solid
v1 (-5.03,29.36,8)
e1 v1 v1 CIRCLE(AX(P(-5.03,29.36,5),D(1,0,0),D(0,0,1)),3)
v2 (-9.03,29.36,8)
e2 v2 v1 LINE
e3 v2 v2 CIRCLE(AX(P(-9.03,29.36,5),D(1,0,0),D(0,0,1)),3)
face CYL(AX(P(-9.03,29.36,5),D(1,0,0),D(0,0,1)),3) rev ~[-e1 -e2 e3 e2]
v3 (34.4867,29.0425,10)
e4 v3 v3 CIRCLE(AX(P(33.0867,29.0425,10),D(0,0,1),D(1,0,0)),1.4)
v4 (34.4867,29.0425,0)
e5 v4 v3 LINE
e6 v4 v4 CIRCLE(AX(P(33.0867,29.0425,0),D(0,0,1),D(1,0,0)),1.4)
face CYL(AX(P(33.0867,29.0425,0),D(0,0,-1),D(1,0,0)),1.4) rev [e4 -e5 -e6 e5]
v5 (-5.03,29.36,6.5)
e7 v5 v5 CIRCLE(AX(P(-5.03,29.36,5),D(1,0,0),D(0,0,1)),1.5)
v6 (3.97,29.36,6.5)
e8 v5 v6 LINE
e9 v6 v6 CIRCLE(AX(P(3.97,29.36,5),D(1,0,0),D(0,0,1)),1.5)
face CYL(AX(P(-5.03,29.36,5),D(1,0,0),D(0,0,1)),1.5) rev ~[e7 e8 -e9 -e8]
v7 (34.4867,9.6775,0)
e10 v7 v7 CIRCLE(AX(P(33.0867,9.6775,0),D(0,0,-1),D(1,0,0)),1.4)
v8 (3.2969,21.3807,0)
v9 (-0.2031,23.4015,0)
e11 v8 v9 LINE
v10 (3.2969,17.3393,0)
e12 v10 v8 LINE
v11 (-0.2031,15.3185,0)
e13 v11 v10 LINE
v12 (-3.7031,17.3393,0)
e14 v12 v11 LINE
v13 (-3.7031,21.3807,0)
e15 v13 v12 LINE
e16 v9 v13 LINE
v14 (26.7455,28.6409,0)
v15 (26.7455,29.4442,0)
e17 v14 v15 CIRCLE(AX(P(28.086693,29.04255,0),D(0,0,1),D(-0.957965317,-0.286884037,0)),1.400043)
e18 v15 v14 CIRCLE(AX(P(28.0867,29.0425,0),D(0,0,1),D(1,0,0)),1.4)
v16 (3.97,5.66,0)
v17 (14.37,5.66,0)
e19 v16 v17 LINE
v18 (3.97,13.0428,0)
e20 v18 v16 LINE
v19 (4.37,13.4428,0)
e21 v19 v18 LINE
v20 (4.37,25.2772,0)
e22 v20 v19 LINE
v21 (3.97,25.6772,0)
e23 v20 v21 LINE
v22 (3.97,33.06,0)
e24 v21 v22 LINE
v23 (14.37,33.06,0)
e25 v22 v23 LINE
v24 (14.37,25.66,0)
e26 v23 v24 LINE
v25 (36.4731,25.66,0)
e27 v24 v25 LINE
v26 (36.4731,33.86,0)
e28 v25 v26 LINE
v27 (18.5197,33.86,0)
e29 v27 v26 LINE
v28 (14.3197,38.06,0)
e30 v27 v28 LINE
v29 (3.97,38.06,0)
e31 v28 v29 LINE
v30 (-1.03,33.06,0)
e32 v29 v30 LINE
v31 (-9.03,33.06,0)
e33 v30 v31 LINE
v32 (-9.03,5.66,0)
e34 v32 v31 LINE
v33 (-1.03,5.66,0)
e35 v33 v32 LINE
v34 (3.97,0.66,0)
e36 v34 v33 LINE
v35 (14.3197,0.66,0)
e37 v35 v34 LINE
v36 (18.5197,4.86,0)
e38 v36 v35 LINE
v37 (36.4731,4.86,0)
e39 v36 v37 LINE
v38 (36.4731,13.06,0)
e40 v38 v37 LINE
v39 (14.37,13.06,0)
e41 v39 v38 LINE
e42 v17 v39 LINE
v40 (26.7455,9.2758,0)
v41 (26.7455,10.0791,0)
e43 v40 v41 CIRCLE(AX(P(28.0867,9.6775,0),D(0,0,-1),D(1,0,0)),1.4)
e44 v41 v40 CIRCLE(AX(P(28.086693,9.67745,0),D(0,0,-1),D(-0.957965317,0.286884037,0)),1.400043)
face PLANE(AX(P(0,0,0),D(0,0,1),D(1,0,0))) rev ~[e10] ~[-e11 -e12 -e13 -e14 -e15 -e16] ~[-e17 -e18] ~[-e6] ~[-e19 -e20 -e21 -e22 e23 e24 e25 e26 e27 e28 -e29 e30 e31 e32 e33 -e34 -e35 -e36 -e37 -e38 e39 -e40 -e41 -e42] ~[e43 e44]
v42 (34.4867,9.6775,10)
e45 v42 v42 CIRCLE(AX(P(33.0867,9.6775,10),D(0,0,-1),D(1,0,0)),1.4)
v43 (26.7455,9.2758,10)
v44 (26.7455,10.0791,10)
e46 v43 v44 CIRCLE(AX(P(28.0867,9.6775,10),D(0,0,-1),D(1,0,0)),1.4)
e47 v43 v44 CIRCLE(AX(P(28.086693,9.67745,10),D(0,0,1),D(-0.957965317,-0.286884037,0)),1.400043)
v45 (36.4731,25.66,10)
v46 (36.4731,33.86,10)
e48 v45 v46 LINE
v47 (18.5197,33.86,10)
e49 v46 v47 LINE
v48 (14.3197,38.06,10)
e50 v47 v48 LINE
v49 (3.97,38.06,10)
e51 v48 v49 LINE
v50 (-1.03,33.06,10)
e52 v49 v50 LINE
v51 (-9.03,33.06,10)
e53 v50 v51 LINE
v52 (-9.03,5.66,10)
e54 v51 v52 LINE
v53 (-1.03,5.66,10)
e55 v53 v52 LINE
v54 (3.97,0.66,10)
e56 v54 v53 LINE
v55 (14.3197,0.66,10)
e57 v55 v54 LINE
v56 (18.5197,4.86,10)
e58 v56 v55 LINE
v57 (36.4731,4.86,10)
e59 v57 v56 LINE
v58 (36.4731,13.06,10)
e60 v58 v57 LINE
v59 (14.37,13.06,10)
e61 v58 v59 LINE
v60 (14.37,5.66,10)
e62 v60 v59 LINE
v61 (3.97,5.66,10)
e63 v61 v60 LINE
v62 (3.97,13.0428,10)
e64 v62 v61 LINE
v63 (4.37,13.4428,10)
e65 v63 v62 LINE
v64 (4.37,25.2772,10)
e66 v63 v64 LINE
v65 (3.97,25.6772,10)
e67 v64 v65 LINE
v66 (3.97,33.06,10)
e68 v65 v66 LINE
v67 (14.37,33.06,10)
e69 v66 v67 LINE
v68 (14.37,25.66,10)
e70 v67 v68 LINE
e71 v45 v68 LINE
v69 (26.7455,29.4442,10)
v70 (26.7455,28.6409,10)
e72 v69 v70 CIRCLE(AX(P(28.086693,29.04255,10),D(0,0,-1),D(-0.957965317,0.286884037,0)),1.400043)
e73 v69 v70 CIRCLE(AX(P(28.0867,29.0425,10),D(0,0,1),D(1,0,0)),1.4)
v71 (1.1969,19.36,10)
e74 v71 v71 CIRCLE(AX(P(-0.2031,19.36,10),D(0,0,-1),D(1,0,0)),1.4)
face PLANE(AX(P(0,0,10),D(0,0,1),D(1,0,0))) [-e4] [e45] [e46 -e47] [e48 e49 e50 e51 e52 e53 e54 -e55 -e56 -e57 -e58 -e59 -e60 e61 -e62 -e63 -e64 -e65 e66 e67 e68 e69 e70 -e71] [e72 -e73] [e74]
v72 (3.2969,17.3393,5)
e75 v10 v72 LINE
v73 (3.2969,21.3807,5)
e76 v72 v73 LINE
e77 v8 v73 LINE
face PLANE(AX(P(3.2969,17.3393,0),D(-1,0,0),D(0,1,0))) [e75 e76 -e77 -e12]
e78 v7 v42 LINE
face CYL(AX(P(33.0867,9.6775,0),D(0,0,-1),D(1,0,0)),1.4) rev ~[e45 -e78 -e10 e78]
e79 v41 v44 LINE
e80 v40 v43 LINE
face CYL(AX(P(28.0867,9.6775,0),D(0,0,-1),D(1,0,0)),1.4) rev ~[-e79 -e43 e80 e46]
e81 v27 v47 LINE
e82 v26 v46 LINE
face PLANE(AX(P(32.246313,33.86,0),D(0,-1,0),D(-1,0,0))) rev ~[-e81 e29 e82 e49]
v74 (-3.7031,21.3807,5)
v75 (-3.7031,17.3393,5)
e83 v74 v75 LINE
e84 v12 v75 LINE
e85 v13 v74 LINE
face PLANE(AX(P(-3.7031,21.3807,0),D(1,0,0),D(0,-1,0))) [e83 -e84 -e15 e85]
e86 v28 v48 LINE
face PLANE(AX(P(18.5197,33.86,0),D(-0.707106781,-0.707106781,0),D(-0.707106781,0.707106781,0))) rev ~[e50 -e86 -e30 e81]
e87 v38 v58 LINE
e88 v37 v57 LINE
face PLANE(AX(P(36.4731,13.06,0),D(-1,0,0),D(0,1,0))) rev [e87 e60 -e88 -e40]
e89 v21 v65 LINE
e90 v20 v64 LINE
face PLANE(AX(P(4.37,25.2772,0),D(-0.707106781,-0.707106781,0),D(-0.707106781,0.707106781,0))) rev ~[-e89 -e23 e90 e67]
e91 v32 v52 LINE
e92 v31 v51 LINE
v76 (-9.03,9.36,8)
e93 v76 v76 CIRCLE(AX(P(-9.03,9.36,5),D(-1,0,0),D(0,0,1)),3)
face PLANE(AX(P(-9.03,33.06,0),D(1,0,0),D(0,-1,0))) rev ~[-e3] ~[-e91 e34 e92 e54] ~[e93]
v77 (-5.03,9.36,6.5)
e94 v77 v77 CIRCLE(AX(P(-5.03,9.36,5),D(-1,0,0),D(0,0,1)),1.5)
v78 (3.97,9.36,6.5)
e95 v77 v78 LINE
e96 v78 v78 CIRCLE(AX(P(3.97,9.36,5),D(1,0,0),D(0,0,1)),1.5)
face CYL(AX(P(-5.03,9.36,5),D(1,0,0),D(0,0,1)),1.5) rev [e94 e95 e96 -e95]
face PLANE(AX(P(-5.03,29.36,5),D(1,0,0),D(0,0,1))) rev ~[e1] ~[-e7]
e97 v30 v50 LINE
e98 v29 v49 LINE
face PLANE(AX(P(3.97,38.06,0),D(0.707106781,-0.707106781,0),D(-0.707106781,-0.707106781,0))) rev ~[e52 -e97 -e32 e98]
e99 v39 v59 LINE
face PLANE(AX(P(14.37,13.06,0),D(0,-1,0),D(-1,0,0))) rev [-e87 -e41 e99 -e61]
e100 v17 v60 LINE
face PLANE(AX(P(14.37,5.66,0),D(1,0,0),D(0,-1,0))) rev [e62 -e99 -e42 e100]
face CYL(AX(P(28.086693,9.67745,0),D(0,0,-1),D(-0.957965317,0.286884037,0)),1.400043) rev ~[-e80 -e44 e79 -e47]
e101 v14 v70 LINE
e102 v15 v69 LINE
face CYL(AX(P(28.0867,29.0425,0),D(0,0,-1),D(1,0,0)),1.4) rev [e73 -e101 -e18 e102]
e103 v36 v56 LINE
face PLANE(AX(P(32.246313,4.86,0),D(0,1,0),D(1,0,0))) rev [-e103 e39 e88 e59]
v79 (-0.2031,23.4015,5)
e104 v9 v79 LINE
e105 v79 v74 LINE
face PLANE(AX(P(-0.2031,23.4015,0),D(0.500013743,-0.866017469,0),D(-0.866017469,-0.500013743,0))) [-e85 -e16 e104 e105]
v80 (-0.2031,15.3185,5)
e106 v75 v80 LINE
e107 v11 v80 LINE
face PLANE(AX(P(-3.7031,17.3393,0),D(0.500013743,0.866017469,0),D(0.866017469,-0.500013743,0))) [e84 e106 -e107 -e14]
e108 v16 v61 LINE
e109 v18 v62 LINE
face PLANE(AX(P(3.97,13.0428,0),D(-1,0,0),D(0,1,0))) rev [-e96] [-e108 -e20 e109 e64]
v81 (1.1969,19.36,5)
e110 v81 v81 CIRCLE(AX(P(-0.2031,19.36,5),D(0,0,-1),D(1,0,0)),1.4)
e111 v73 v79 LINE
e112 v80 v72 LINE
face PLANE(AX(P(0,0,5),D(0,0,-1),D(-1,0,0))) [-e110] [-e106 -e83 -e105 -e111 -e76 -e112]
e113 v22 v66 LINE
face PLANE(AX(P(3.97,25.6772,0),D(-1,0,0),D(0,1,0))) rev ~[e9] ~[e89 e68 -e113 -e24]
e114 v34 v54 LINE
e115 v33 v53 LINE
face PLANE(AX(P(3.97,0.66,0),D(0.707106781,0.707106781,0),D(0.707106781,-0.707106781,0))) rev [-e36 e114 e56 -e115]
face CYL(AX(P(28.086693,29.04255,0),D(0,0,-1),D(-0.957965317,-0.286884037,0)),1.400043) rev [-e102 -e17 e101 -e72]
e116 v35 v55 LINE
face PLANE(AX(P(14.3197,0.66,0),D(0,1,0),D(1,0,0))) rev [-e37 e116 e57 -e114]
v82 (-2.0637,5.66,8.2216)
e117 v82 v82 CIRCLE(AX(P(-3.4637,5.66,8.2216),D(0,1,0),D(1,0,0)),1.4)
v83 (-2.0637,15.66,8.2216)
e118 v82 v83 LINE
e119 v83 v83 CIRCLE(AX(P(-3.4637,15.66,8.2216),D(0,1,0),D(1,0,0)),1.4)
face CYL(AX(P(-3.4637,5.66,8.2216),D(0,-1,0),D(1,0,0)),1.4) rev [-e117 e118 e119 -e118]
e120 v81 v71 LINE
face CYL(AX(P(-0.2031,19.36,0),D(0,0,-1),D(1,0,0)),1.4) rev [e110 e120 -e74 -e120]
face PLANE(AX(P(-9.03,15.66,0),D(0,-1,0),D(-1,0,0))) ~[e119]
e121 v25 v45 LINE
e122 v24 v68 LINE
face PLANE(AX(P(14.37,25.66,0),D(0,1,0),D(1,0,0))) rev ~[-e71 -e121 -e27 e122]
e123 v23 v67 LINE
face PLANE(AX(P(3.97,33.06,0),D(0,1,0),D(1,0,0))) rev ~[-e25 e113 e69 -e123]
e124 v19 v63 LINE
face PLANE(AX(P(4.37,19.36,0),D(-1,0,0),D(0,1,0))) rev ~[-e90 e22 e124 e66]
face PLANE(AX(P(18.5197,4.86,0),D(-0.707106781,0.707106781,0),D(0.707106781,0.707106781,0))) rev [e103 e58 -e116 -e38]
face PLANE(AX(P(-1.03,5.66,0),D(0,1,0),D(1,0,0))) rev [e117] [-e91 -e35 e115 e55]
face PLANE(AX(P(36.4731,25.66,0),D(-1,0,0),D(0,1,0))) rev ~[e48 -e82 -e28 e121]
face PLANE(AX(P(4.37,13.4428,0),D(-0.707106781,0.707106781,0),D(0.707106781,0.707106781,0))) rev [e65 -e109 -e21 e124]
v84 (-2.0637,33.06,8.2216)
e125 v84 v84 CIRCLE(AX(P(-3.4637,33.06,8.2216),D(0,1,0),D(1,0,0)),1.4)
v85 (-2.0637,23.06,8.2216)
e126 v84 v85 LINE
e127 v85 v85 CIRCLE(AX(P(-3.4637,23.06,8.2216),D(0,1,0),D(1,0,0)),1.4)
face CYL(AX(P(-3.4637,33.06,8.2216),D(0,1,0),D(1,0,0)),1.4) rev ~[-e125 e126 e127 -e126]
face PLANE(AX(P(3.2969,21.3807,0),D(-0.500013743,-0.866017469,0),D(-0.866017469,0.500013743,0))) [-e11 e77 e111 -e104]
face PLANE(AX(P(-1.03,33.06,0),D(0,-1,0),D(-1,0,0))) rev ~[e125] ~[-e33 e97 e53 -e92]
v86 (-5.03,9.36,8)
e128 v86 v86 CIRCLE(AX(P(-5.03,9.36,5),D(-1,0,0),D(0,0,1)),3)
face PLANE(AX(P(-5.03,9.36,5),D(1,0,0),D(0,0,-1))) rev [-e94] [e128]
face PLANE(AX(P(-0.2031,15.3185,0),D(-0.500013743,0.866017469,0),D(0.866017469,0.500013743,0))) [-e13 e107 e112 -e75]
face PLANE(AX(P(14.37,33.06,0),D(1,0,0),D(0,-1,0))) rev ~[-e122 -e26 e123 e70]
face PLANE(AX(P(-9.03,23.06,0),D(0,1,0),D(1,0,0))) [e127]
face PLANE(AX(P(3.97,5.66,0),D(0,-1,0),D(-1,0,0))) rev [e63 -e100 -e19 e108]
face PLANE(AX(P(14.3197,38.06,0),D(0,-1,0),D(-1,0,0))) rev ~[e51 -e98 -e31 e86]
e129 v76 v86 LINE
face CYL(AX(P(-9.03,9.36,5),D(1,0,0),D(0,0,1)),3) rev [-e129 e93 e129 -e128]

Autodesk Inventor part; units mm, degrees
ref_plane "YZ Plane" through (0, 0, 0) normal (1, 0, 0) x (0, 1, 0)
ref_plane "XZ Plane" through (0, 0, 0) normal (0, 1, 0) x (-1, 0, 0)
ref_plane "XY Plane" through (0, 0, 0) normal (0, 0, 1) x (1, 0, 0)
ref_plane "Arbeitsebene1" through (0, 0, 0) normal (0, 0, 1) x (1, 0, 0)
sketch "Skizze1" plane through (0, 0, 0) normal (0, 0, 1) x (1, 0, 0)
  arc A0 (12.7966, 13.5152) -> (12.2972, 14.0928) centre (11.6862, 13.06) ccw construction
  arc A1 (12.1755, 14.2862) -> (12.2972, 14.0928) centre (12.4245, 14.308) ccw construction
  line L0 (12.1755, 14.2862) -> (12.1453, 14.6318) construction
  arc A2 (12.1453, 14.6318) -> (11.8962, 14.86) centre (11.8962, 14.61) ccw construction
  line L1 (11.8962, 14.86) -> (11.4438, 14.86) construction
  arc A3 (11.4438, 14.86) -> (11.1947, 14.6318) centre (11.4438, 14.61) ccw construction
  line L2 (11.1947, 14.6318) -> (11.1627, 14.2652) construction
  arc A4 (11.0468, 14.0755) -> (11.1627, 14.2652) centre (10.9136, 14.287) ccw construction
  arc A5 (11.0468, 14.0755) -> (10.5759, 13.5152) centre (11.6862, 13.06) ccw construction
  arc A6 (10.3446, 13.36) -> (10.5759, 13.5152) centre (10.3446, 13.61) ccw construction
  line L3 (10.3446, 13.36) -> (9.67, 13.36) construction
  line L4 (9.67, 13.36) -> (9.17, 13.86) construction
  line L5 (9.17, 13.86) -> (9.17, 24.86) construction
  line L6 (9.17, 24.86) -> (9.67, 25.36) construction
  line L7 (9.67, 25.36) -> (10.3446, 25.36) construction
  arc A7 (10.5759, 25.2048) -> (10.3446, 25.36) centre (10.3446, 25.11) ccw construction
  arc A8 (10.5759, 25.2048) -> (11.0468, 24.6445) centre (11.6862, 25.66) ccw construction
  arc A9 (11.1627, 24.4548) -> (11.0468, 24.6445) centre (10.9136, 24.433) ccw construction
  line L8 (11.1627, 24.4548) -> (11.1947, 24.0882) construction
  arc A10 (11.1947, 24.0882) -> (11.4438, 23.86) centre (11.4438, 24.11) ccw construction
  line L9 (11.4438, 23.86) -> (11.8962, 23.86) construction
  arc A11 (11.8962, 23.86) -> (12.1453, 24.0882) centre (11.8962, 24.11) ccw construction
  line L10 (12.1453, 24.0882) -> (12.1755, 24.4338) construction
  arc A12 (12.2972, 24.6272) -> (12.1755, 24.4338) centre (12.4245, 24.412) ccw construction
  arc A13 (12.2972, 24.6272) -> (12.7966, 25.2048) centre (11.6862, 25.66) ccw construction
  arc A14 (13.0279, 25.36) -> (12.7966, 25.2048) centre (13.0279, 25.11) ccw construction
  line L11 (13.0279, 25.36) -> (14.17, 25.36) construction
  line L12 (14.17, 25.36) -> (14.17, 32.26) construction
  line L13 (14.17, 32.26) -> (13.57, 32.86) construction
  line L14 (13.57, 32.86) -> (10.17, 32.86) construction
  arc A15 (9.37, 32.86) -> (10.17, 32.86) centre (9.77, 33.16) ccw construction
  line L15 (9.37, 32.86) -> (4.77, 32.86) construction
  line L16 (4.77, 32.86) -> (4.17, 32.26) construction
  line L17 (4.17, 32.26) -> (4.17, 25.76) construction
  line L18 (4.17, 25.76) -> (4.57, 25.36) construction
  line L19 (4.57, 25.36) -> (4.57, 13.36) construction
  line L20 (4.57, 13.36) -> (4.17, 12.96) construction
  line L21 (4.17, 12.96) -> (4.17, 6.46) construction
  line L22 (4.17, 6.46) -> (4.77, 5.86) construction
  line L23 (4.77, 5.86) -> (13.57, 5.86) construction
  line L24 (13.57, 5.86) -> (14.17, 6.46) construction
  line L25 (14.17, 6.46) -> (14.17, 13.36) construction
  line L26 (14.17, 13.36) -> (13.0279, 13.36) construction
  arc A16 (12.7966, 13.5152) -> (13.0279, 13.36) centre (13.0279, 13.61) ccw construction
  line L27 (13.6528, 5.66) -> (4.6872, 5.66) construction
  line L28 (4.6872, 5.66) -> (3.97, 6.3772) construction
  line L29 (3.97, 6.3772) -> (3.97, 13.0428) construction
  line L30 (3.97, 13.0428) -> (4.37, 13.4428) construction
  line L31 (4.37, 13.4428) -> (4.37, 25.2772) construction
  line L32 (4.37, 25.2772) -> (3.97, 25.6772) construction
  line L33 (3.97, 25.6772) -> (3.97, 32.3428) construction
  line L34 (3.97, 32.3428) -> (4.6872, 33.06) construction
  line L35 (4.6872, 33.06) -> (9.4872, 33.06) construction
  arc A17 (9.4872, 33.06) -> (10.0528, 33.06) centre (9.77, 33.16) ccw construction
  line L36 (10.0528, 33.06) -> (13.6528, 33.06) construction
  line L37 (13.6528, 33.06) -> (14.37, 32.3428) construction
  line L38 (14.37, 32.3428) -> (14.37, 25.16) construction
  line L39 (14.37, 25.16) -> (13.0279, 25.16) construction
  arc A18 (13.0279, 25.16) -> (12.9816, 25.129) centre (13.0279, 25.11) ccw construction
  arc A19 (12.3991, 24.4551) -> (12.9816, 25.129) centre (11.6862, 25.66) ccw construction
  arc A20 (12.3991, 24.4551) -> (12.3747, 24.4164) centre (12.4245, 24.412) ccw construction
  line L40 (12.3747, 24.4164) -> (12.3445, 24.0708) construction
  arc A21 (11.8962, 23.66) -> (12.3445, 24.0708) centre (11.8962, 24.11) ccw construction
  line L41 (11.8962, 23.66) -> (11.4438, 23.66) construction
  arc A22 (10.9955, 24.0708) -> (11.4438, 23.66) centre (11.4438, 24.11) ccw construction
  line L42 (10.9955, 24.0708) -> (10.9634, 24.4373) construction
  arc A23 (10.9634, 24.4373) -> (10.9403, 24.4753) centre (10.9136, 24.433) ccw construction
  arc A24 (10.3909, 25.129) -> (10.9403, 24.4753) centre (11.6862, 25.66) ccw construction
  arc A25 (10.3909, 25.129) -> (10.3446, 25.16) centre (10.3446, 25.11) ccw construction
  line L43 (10.3446, 25.16) -> (9.7528, 25.16) construction
  line L44 (9.7528, 25.16) -> (9.37, 24.7772) construction
  line L45 (9.37, 24.7772) -> (9.37, 13.9428) construction
  line L46 (9.37, 13.9428) -> (9.7528, 13.56) construction
  line L47 (9.7528, 13.56) -> (10.3446, 13.56) construction
  arc A26 (10.3446, 13.56) -> (10.3909, 13.591) centre (10.3446, 13.61) ccw construction
  arc A27 (10.9403, 14.2447) -> (10.3909, 13.591) centre (11.6862, 13.06) ccw construction
  arc A28 (10.9403, 14.2447) -> (10.9634, 14.2827) centre (10.9136, 14.287) ccw construction
  line L48 (10.9634, 14.2827) -> (10.9955, 14.6492) construction
  arc A29 (11.4438, 15.06) -> (10.9955, 14.6492) centre (11.4438, 14.61) ccw construction
  line L49 (11.4438, 15.06) -> (11.8962, 15.06) construction
  arc A30 (12.3445, 14.6492) -> (11.8962, 15.06) centre (11.8962, 14.61) ccw construction
  line L50 (12.3445, 14.6492) -> (12.3747, 14.3036) construction
  arc A31 (12.3747, 14.3036) -> (12.3991, 14.2649) centre (12.4245, 14.308) ccw construction
  arc A32 (12.9816, 13.591) -> (12.3991, 14.2649) centre (11.6862, 13.06) ccw construction
  arc A33 (12.9816, 13.591) -> (13.0279, 13.56) centre (13.0279, 13.61) ccw construction
  line L51 (13.0279, 13.56) -> (14.37, 13.56) construction
  line L52 (14.37, 13.56) -> (14.37, 6.3772) construction
  line L53 (14.37, 6.3772) -> (13.6528, 5.66) construction
  line L54 (16.97, 24.8315) -> (24.85, 24.8315) construction
  line L55 (24.85, 36.23) -> (20.77, 36.23) construction
  line L56 (20.77, 36.23) -> (16.87, 36.23) construction
  line L57 (14.37, 25.66) -> (36.4731, 25.66)
  line L58 (14.37, 25.66) -> (36.4731, 25.66) construction
  line L59 (36.4731, 25.66) -> (36.4731, 33.86)
  line L60 (36.4731, 33.86) -> (18.5197, 33.86)
  line L61 (18.5197, 33.86) -> (14.3197, 38.06)
  line L62 (14.3197, 38.06) -> (3.97, 38.06)
  line L63 (-9.03, 33.06) -> (-9.03, 19.36)
  line L64 (-9.03, 19.36) -> (4.37, 19.36)
  line L65 (4.37, 19.36) -> (4.37, 25.2772)
  line L66 (4.37, 25.2772) -> (3.97, 25.6772)
  line L67 (3.97, 25.6772) -> (3.97, 33.06)
  line L68 (3.97, 33.06) -> (14.37, 33.06)
  line L69 (14.37, 33.06) -> (14.37, 25.66)
  circle A34 centre (-3.43, 19.36) radius 1.75 construction
  circle A35 centre (-0.2031, 19.36) radius 1.4
  circle A36 centre (60.62, 30.4425) radius 2.45 projected
  circle A37 centre (35.7803, 19.36) radius 2.45 projected
  circle A38 centre (60.62, 8.3286) radius 2.45 projected
  line L70 (29.0574, 13.415) -> (26.7455, 13.415) projected
  line L71 (26.7455, 13.415) -> (26.7455, 10.1303) projected
  arc A39 (26.7455, 9.327) -> (26.7455, 10.1303) centre (28.0867, 9.7286) ccw projected
  line L72 (26.7455, 9.327) -> (26.7455, 5.8628) projected
  line L73 (26.7455, 5.8628) -> (35.12, 4.36) projected
  line L74 (35.12, 4.36) -> (65.12, 4.36) projected
  line L75 (65.12, 4.36) -> (65.12, 34.36) projected
  line L76 (65.12, 34.36) -> (35.12, 34.36) projected
  line L77 (35.12, 34.36) -> (26.7455, 32.9029) projected
  line L78 (26.7455, 32.9029) -> (26.7455, 29.4442) projected
  arc A40 (26.7455, 28.6409) -> (26.7455, 29.4442) centre (28.0867, 29.0425) ccw projected
  line L79 (26.7455, 28.6409) -> (26.7455, 25.3561) projected
  line L80 (26.7455, 25.3561) -> (29.0574, 25.3561) projected
  line L81 (29.0574, 25.3561) -> (29.0574, 13.415) projected
  circle A41 centre (50.12, 19.36) radius 10.5 projected
  circle A42 centre (33.0867, 29.0425) radius 1.4 projected
  circle A43 centre (33.0867, 9.7286) radius 1.4 projected
  line L82 (36.7731, 34.36) -> (36.7731, 25.3561) projected
  line L83 (36.7731, 13.415) -> (36.7731, 4.36) projected
  circle A44 centre (33.0867, 29.0425) radius 1.4
  circle A45 centre (28.0867, 29.0425) radius 1.4
  line L84 (3.97, 38.06) -> (-1.03, 33.06)
  line L85 (3.97, 38.06) -> (11.0411, 38.06) construction
  line L86 (-1.03, 33.06) -> (-9.03, 33.06)
  point P0 (0, 0)
  point P1 (1.1969, 19.36)
  point P2 (-1.6031, 19.36)
  dimension "d0" = 0.2
  dimension "d2" = 5
  dimension "d4" = 13
  dimension "d5" = 2.8
  dimension "d7" = 0.5
  dimension "d8" = 3.5
  dimension "d19" = 0.3
  dimension "d20" = 0.5
  dimension "d21" = 135
  dimension "d28" = 8.8269
extrude "Extrusion1" add sketch "Skizze1" along normal blind 10 contours L69 L68 L67 L66 L65 L64 A35 L63 L86 L84 L62 L61 L60 L77 L78 A45 L79 L57 | L79 A40 L78 L77 L60 L59 L57
sketch "Skizze2" plane through (-9.03, 19.36, 0) normal (-1, 0, 0) x (0, 0, 1)
  circle A0 centre (12.1869, 10) radius 1.75 projected
  line L0 (0, 13.7) -> (0, 0) projected
  line L1 (0, 0) -> (10, 0) projected
  line L2 (10, 13.7) -> (10, 0) projected
  line L3 (0, 13.7) -> (10, 13.7) projected
  circle A1 centre (5, 10) radius 1.5
  point P0 (0, -19.36)
  dimension "d11" = 3
hole "Bohrung1" at (-9.03, 29.36, 5) direction (1, 0, 0) diameter 3 depth 20 tip angle 118 counterbore diameter 6 counterbore depth 4
sketch "Skizze3" plane through (-9.03, 33.06, 0) normal (0, 1, 0) x (1, 0, 0)
  line L0 (4.1, -9.9) -> (4.1, 19.6933)
  line L1 (7.1, -9.9) -> (7.1, 19.6933)
  circle A0 centre (5.5663, -8.2216) radius 1.4
  point P0 (9.03, 0)
  dimension "d22" = 2.8
extrude "Extrusion2" cut sketch "Skizze3" against normal blind 10
mirror "Spiegeln2" about plane through (-9.03, 19.36, 0) normal (0, -1, 0) of "Extrusion1", "Bohrung1", "Extrusion2"
sketch "Skizze4" plane through (0, 0, 0) normal (0, 0, -1) x (-1, 0, 0)
  circle A0 centre (0.2031, 19.36) radius 1.4 projected
  circle A1 centre (-28.0867, 9.6775) radius 1.4 projected
  circle A2 centre (-33.0867, 9.6775) radius 1.4 projected
  line L0 (-4.37, 13.4428) -> (-4.37, 25.2772) projected
  line L1 (-4.37, 13.4428) -> (-3.97, 13.0428) projected
  line L2 (-3.97, 13.0428) -> (-3.97, 5.66) projected
  line L3 (-3.97, 5.66) -> (-14.37, 5.66) projected
  line L4 (-14.37, 5.66) -> (-14.37, 13.06) projected
  line L5 (-14.37, 13.06) -> (-36.4731, 13.06) projected
  line L6 (-36.4731, 13.06) -> (-36.4731, 4.86) projected
  line L7 (-36.4731, 4.86) -> (-18.5197, 4.86) projected
  line L8 (-18.5197, 4.86) -> (-14.3197, 0.66) projected
  line L9 (-14.3197, 0.66) -> (-3.97, 0.66) projected
  line L10 (-3.97, 0.66) -> (1.03, 5.66) projected
  line L11 (1.03, 5.66) -> (9.03, 5.66) projected
  line L12 (9.03, 33.06) -> (9.03, 5.66) projected
  line L13 (1.03, 33.06) -> (9.03, 33.06) projected
  line L14 (-3.97, 38.06) -> (1.03, 33.06) projected
  line L15 (-14.3197, 38.06) -> (-3.97, 38.06) projected
  line L16 (-18.5197, 33.86) -> (-14.3197, 38.06) projected
  line L17 (-36.4731, 33.86) -> (-18.5197, 33.86) projected
  line L18 (-36.4731, 25.66) -> (-36.4731, 33.86) projected
  line L19 (-14.37, 25.66) -> (-36.4731, 25.66) projected
  line L20 (-14.37, 33.06) -> (-14.37, 25.66) projected
  line L21 (-3.97, 33.06) -> (-14.37, 33.06) projected
  line L22 (-3.97, 25.6772) -> (-3.97, 33.06) projected
  line L23 (-4.37, 25.2772) -> (-3.97, 25.6772) projected
  circle A3 centre (-33.0867, 29.0425) radius 1.4 projected
  circle A4 centre (-28.0867, 29.0425) radius 1.4 projected
  line L24 (-3.2969, 21.3807) -> (0.2031, 23.4015)
  line L25 (0.2031, 23.4015) -> (3.7031, 21.3807)
  line L26 (3.7031, 21.3807) -> (3.7031, 17.3393)
  line L27 (3.7031, 17.3393) -> (0.2031, 15.3185)
  line L28 (0.2031, 15.3185) -> (-3.2969, 17.3393)
  line L29 (-3.2969, 17.3393) -> (-3.2969, 21.3807)
  point P0 (0, 0)
  dimension "d25" = 7
extrude "Extrusion3" cut sketch "Skizze4" against normal blind 5 contours A0 | L24 L25 L26 L27 L28 L29
properties part number "30_Cube_Cube_Z_Focus_MGN_NEMA_belt_pushing_slide_v3"
